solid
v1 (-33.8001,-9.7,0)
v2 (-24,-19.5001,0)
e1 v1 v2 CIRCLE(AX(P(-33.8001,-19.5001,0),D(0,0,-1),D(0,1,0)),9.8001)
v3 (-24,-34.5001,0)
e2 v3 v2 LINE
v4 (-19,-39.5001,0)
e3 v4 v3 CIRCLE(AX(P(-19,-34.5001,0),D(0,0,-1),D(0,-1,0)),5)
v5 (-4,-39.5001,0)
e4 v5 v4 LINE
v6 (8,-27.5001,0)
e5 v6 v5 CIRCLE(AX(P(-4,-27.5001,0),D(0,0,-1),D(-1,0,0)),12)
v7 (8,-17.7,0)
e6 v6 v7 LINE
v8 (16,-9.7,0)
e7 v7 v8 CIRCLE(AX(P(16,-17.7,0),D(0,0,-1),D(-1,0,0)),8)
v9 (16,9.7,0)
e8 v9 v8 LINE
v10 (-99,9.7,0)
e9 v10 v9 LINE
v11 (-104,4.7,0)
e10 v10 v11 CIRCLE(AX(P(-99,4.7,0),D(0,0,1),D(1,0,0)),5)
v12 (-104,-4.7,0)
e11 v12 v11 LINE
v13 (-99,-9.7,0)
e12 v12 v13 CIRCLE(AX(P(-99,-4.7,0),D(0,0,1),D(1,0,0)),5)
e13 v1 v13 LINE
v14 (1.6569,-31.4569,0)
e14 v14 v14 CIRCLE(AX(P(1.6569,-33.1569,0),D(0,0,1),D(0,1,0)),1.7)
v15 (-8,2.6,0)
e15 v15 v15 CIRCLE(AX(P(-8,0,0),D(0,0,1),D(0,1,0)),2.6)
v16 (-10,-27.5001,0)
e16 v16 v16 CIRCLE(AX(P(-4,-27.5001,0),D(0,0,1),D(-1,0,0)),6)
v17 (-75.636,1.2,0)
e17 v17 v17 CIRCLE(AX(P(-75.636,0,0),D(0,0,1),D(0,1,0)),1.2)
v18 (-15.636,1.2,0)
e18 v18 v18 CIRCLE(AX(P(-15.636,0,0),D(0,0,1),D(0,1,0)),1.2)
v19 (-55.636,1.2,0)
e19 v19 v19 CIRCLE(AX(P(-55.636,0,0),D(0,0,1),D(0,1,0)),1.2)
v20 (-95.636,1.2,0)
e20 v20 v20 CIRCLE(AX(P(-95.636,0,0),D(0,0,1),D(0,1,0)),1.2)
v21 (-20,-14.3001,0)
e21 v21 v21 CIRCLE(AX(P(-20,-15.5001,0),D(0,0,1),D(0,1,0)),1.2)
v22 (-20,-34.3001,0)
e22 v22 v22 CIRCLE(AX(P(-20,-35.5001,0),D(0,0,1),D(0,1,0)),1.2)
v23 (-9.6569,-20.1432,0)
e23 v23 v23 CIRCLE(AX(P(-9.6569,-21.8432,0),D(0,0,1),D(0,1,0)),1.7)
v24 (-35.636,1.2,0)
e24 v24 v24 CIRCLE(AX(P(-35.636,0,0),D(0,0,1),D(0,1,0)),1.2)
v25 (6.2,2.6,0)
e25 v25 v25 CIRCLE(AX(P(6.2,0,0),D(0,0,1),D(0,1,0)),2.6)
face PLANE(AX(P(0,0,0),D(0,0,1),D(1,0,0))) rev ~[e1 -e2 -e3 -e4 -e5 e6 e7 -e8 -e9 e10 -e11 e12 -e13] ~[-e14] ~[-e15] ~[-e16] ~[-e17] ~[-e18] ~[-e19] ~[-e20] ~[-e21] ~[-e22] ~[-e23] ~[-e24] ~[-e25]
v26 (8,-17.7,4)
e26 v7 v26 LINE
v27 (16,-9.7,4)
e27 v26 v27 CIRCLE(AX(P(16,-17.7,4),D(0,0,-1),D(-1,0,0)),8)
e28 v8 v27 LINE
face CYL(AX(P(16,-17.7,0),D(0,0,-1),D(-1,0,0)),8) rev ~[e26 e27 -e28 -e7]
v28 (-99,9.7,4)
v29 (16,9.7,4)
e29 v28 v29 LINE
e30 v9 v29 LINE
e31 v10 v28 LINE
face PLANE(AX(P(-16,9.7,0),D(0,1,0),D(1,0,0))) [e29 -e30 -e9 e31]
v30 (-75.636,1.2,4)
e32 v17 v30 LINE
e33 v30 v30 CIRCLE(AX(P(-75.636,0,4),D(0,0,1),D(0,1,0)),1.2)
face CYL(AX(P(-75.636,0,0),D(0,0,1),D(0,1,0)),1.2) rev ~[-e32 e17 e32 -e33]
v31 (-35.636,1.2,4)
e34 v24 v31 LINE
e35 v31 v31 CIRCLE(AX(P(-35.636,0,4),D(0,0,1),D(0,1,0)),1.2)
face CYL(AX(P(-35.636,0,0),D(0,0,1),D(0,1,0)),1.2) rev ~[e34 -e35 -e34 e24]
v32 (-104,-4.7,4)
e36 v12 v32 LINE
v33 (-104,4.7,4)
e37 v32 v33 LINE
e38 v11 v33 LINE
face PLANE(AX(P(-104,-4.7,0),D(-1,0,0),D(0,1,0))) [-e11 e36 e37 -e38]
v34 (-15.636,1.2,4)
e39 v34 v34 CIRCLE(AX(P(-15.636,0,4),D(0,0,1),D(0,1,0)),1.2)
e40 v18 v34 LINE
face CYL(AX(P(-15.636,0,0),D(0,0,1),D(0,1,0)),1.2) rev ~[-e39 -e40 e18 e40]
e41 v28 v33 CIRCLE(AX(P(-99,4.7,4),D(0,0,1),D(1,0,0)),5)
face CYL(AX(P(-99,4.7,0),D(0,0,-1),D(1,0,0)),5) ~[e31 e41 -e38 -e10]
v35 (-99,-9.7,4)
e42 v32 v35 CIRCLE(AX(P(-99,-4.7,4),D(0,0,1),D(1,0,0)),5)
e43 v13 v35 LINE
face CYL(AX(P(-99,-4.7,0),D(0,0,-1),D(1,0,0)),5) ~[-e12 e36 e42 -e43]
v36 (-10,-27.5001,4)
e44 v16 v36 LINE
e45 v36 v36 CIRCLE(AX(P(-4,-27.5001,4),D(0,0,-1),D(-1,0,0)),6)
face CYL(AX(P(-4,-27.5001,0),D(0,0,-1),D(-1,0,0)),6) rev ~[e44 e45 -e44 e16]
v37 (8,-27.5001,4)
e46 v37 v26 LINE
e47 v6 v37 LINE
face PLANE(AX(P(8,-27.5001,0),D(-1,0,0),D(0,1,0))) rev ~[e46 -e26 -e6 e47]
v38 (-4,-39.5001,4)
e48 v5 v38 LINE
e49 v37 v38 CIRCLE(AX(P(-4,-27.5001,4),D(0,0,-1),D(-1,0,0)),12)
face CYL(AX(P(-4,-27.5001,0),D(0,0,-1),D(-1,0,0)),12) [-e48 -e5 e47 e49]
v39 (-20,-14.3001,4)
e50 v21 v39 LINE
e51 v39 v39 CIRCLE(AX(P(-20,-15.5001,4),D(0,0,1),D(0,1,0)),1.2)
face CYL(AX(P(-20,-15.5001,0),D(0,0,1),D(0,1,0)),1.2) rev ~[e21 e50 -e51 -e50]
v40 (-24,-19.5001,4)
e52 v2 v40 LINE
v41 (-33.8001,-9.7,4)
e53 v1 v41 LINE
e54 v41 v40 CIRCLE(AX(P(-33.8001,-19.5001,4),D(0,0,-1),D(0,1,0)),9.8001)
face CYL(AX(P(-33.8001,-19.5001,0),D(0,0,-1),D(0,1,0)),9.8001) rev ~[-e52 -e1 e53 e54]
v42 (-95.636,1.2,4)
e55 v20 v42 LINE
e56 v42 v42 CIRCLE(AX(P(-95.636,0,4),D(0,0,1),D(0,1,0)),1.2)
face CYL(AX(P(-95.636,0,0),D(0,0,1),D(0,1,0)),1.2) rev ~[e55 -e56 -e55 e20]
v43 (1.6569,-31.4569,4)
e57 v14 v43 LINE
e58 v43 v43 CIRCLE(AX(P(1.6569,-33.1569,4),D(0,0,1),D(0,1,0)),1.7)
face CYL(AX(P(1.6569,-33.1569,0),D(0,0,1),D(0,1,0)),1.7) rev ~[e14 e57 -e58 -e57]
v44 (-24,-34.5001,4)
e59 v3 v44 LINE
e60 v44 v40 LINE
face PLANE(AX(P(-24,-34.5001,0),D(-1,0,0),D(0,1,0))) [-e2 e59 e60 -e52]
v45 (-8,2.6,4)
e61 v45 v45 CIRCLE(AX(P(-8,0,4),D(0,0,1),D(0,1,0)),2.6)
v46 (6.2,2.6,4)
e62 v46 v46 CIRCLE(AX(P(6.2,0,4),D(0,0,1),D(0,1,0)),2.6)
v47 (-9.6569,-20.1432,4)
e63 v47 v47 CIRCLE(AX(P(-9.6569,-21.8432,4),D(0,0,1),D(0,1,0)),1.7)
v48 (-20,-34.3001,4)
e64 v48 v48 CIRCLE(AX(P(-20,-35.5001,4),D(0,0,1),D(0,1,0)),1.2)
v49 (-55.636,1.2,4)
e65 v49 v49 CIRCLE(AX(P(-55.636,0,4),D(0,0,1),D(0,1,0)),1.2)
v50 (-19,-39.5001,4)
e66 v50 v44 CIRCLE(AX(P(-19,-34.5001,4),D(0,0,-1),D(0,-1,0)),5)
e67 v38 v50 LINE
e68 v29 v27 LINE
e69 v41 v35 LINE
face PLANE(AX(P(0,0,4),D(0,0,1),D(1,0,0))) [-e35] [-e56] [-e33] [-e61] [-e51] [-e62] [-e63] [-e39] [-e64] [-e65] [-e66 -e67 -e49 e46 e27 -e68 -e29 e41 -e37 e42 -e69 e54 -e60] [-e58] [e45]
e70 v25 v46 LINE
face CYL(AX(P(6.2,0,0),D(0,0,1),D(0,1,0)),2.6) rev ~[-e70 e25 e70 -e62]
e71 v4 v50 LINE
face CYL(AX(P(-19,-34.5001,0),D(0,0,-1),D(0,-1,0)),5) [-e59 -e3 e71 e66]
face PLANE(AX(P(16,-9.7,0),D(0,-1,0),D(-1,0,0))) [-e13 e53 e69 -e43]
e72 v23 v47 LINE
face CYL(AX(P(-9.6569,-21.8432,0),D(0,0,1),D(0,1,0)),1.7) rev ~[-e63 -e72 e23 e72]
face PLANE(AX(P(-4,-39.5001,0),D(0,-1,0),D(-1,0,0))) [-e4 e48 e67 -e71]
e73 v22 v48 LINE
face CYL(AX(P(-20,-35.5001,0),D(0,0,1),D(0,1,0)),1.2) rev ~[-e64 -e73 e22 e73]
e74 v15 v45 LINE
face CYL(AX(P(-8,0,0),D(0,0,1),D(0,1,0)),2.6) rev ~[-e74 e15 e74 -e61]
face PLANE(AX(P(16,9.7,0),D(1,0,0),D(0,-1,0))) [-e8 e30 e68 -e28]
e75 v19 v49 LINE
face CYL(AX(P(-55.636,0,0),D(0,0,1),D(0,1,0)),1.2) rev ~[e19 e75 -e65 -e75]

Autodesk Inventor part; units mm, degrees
ref_plane "YZ Plane" through (0, 0, 0) normal (1, 0, 0) x (0, 1, 0)
ref_plane "XZ Plane" through (0, 0, 0) normal (0, 1, 0) x (-1, 0, 0)
ref_plane "XY Plane" through (0, 0, 0) normal (0, 0, 1) x (1, 0, 0)
sketch "Sketch1" plane through (0, 0, 0) normal (0, 0, 1) x (1, 0, 0)
  circle A0 centre (8, 0) radius 2.6 projected
  circle A1 centre (-2, 0) radius 2.6 projected
  circle A2 centre (-12, 0) radius 2.6 projected
  line L0 (16, 9.7) -> (16, -9.7) projected
  line L1 (16, -9.7) -> (-16, -9.7) projected
  line L2 (-16, -9.7) -> (-16, 9.7) projected
  line L3 (-16, 9.7) -> (16, 9.7) projected
  circle A3 centre (-12, 0) radius 2.6 projected
  circle A4 centre (-2, 0) radius 2.6 projected
  circle A5 centre (8, 0) radius 2.6 projected
  line L4 (16, -9.7) -> (-104, -9.7)
  line L5 (-104, -9.7) -> (-104, 9.7)
  line L6 (-104, 9.7) -> (16, 9.7)
  line L7 (16, 9.7) -> (16, -9.7)
  circle A6 centre (-99, -4.7) radius 5
  line L8 (-136.5, 4.5) -> (-136.5, -4.5)
  circle A7 centre (-99, 4.7) radius 5
  point P0 (0, 0)
  point P1 (-126.8, 9.7)
  point P2 (-99, -9.7)
  point P3 (-16, -9.7)
  point P4 (-16, -9.7)
  point P5 (-104, -4.7)
  point P6 (-99, 9.7)
  point P7 (-104, 4.7)
  dimension "d0" = 120
  dimension "d1" = 19.4
  dimension "d18" = 10
extrude "Extrusion1" add sketch "Sketch1" along normal blind 4 contours A0 | A1 | A2 | L0 L1 L2 L3 | L2 L4 A6 A7 L6 | A7 A6 | A6 A7 | A7 A6 L5 | A7 A6
sketch "Sketch11" plane through (0, 0, 0) normal (0, 0, -1) x (-1, 0, 0)
  circle A0 centre (-6.2, 0) radius 5
  line L0 (15, -9.7) -> (15, 9.7) projected
  circle A1 centre (8, 0) radius 5
  line L1 (-16, -9.7) -> (-16, 9.7) projected
  point P0 (0, 0)
  dimension "d109" = 10
  dimension "d110" = 10
  dimension "d111" = 9.8
  dimension "d112" = 7
hole "Hole7" at (6.2, 0, 0) at (-8, 0, 0) direction (0, 0, 1) diameter 5.2 depth 5.5
sketch "Sketch12" plane through (0, 0, 0) normal (0, 0, -1) x (-1, 0, 0)
  circle A0 centre (15.636, 0) radius 1.75 projected
  circle A1 centre (35.636, 0) radius 1.75 projected
  circle A2 centre (55.636, 0) radius 1.75 projected
  circle A3 centre (75.636, 0) radius 1.75 projected
  circle A4 centre (95.636, 0) radius 1.75 projected
  point P0 (0, 0)
hole "Hole8" at (-15.636, 0, 0) at (-35.636, 0, 0) at (-55.636, 0, 0) at (-75.636, 0, 0) at (-95.636, 0, 0) direction (0, 0, 1) diameter 2.4 depth 5.5
sketch "Sketch13" plane through (0, 0, 0) normal (0, 0, -1) x (-1, 0, 0)
  circle A0 centre (4, -27.5001) radius 5.25 projected
  circle A1 centre (4, -27.5001) radius 12
  line L0 (-8, -27.5001) -> (-8, -17.7)
  line L1 (99, -9.7) -> (-16, -9.7) projected
  arc A2 (-8, -17.7) -> (-16, -9.7) centre (-16, -17.7) ccw
  line L2 (4, -39.5001) -> (19, -39.5001)
  arc A3 (19, -39.5001) -> (24, -34.5001) centre (19, -34.5001) ccw
  line L3 (19, -39.5001) -> (19, -34.5001) construction
  line L4 (24, -34.5001) -> (19, -34.5001) construction
  line L5 (24, -34.5001) -> (24, -19.5001)
  arc A4 (33.8001, -9.7) -> (24, -19.5001) centre (33.8001, -19.5001) ccw
  line L6 (-1.6569, -33.1569) -> (9.6569, -21.8432)
  circle A5 centre (4, -27.5001) radius 6
  point P0 (0, 0)
  dimension "d127" = 24
  dimension "d129" = 15
  dimension "d130" = 5
  dimension "d131" = 90
  dimension "d132" = 15
  dimension "d133" = 45
  dimension "d134" = 8
  dimension "d135" = 8
  dimension "d145" = 12
extrude "Extrusion5" add sketch "Sketch13" against normal blind 4
hole "Hole9" at (1.6569, -33.1569, 0) at (-9.6569, -21.8432, 0) direction (0, 0, 1) diameter 3.4 depth 5.5
sketch "Sketch14" plane through (0, 0, 0) normal (0, 0, -1) x (-1, 0, 0)
  line L0 (24, -34.5001) -> (24, -19.5001) projected
  line L1 (4, -39.5001) -> (19, -39.5001) projected
  point P0 (0, 0)
  point P1 (20, -35.5001)
  point P2 (20, -15.5001)
  dimension "d146" = 4
  dimension "d147" = 4
  dimension "d148" = 20
hole "Hole10" at (-20, -35.5001, 0) at (-20, -15.5001, 0) direction (0, 0, 1) diameter 2.4 depth 5.5
equation "\"d135\" = d134"
properties part number "back z support"
